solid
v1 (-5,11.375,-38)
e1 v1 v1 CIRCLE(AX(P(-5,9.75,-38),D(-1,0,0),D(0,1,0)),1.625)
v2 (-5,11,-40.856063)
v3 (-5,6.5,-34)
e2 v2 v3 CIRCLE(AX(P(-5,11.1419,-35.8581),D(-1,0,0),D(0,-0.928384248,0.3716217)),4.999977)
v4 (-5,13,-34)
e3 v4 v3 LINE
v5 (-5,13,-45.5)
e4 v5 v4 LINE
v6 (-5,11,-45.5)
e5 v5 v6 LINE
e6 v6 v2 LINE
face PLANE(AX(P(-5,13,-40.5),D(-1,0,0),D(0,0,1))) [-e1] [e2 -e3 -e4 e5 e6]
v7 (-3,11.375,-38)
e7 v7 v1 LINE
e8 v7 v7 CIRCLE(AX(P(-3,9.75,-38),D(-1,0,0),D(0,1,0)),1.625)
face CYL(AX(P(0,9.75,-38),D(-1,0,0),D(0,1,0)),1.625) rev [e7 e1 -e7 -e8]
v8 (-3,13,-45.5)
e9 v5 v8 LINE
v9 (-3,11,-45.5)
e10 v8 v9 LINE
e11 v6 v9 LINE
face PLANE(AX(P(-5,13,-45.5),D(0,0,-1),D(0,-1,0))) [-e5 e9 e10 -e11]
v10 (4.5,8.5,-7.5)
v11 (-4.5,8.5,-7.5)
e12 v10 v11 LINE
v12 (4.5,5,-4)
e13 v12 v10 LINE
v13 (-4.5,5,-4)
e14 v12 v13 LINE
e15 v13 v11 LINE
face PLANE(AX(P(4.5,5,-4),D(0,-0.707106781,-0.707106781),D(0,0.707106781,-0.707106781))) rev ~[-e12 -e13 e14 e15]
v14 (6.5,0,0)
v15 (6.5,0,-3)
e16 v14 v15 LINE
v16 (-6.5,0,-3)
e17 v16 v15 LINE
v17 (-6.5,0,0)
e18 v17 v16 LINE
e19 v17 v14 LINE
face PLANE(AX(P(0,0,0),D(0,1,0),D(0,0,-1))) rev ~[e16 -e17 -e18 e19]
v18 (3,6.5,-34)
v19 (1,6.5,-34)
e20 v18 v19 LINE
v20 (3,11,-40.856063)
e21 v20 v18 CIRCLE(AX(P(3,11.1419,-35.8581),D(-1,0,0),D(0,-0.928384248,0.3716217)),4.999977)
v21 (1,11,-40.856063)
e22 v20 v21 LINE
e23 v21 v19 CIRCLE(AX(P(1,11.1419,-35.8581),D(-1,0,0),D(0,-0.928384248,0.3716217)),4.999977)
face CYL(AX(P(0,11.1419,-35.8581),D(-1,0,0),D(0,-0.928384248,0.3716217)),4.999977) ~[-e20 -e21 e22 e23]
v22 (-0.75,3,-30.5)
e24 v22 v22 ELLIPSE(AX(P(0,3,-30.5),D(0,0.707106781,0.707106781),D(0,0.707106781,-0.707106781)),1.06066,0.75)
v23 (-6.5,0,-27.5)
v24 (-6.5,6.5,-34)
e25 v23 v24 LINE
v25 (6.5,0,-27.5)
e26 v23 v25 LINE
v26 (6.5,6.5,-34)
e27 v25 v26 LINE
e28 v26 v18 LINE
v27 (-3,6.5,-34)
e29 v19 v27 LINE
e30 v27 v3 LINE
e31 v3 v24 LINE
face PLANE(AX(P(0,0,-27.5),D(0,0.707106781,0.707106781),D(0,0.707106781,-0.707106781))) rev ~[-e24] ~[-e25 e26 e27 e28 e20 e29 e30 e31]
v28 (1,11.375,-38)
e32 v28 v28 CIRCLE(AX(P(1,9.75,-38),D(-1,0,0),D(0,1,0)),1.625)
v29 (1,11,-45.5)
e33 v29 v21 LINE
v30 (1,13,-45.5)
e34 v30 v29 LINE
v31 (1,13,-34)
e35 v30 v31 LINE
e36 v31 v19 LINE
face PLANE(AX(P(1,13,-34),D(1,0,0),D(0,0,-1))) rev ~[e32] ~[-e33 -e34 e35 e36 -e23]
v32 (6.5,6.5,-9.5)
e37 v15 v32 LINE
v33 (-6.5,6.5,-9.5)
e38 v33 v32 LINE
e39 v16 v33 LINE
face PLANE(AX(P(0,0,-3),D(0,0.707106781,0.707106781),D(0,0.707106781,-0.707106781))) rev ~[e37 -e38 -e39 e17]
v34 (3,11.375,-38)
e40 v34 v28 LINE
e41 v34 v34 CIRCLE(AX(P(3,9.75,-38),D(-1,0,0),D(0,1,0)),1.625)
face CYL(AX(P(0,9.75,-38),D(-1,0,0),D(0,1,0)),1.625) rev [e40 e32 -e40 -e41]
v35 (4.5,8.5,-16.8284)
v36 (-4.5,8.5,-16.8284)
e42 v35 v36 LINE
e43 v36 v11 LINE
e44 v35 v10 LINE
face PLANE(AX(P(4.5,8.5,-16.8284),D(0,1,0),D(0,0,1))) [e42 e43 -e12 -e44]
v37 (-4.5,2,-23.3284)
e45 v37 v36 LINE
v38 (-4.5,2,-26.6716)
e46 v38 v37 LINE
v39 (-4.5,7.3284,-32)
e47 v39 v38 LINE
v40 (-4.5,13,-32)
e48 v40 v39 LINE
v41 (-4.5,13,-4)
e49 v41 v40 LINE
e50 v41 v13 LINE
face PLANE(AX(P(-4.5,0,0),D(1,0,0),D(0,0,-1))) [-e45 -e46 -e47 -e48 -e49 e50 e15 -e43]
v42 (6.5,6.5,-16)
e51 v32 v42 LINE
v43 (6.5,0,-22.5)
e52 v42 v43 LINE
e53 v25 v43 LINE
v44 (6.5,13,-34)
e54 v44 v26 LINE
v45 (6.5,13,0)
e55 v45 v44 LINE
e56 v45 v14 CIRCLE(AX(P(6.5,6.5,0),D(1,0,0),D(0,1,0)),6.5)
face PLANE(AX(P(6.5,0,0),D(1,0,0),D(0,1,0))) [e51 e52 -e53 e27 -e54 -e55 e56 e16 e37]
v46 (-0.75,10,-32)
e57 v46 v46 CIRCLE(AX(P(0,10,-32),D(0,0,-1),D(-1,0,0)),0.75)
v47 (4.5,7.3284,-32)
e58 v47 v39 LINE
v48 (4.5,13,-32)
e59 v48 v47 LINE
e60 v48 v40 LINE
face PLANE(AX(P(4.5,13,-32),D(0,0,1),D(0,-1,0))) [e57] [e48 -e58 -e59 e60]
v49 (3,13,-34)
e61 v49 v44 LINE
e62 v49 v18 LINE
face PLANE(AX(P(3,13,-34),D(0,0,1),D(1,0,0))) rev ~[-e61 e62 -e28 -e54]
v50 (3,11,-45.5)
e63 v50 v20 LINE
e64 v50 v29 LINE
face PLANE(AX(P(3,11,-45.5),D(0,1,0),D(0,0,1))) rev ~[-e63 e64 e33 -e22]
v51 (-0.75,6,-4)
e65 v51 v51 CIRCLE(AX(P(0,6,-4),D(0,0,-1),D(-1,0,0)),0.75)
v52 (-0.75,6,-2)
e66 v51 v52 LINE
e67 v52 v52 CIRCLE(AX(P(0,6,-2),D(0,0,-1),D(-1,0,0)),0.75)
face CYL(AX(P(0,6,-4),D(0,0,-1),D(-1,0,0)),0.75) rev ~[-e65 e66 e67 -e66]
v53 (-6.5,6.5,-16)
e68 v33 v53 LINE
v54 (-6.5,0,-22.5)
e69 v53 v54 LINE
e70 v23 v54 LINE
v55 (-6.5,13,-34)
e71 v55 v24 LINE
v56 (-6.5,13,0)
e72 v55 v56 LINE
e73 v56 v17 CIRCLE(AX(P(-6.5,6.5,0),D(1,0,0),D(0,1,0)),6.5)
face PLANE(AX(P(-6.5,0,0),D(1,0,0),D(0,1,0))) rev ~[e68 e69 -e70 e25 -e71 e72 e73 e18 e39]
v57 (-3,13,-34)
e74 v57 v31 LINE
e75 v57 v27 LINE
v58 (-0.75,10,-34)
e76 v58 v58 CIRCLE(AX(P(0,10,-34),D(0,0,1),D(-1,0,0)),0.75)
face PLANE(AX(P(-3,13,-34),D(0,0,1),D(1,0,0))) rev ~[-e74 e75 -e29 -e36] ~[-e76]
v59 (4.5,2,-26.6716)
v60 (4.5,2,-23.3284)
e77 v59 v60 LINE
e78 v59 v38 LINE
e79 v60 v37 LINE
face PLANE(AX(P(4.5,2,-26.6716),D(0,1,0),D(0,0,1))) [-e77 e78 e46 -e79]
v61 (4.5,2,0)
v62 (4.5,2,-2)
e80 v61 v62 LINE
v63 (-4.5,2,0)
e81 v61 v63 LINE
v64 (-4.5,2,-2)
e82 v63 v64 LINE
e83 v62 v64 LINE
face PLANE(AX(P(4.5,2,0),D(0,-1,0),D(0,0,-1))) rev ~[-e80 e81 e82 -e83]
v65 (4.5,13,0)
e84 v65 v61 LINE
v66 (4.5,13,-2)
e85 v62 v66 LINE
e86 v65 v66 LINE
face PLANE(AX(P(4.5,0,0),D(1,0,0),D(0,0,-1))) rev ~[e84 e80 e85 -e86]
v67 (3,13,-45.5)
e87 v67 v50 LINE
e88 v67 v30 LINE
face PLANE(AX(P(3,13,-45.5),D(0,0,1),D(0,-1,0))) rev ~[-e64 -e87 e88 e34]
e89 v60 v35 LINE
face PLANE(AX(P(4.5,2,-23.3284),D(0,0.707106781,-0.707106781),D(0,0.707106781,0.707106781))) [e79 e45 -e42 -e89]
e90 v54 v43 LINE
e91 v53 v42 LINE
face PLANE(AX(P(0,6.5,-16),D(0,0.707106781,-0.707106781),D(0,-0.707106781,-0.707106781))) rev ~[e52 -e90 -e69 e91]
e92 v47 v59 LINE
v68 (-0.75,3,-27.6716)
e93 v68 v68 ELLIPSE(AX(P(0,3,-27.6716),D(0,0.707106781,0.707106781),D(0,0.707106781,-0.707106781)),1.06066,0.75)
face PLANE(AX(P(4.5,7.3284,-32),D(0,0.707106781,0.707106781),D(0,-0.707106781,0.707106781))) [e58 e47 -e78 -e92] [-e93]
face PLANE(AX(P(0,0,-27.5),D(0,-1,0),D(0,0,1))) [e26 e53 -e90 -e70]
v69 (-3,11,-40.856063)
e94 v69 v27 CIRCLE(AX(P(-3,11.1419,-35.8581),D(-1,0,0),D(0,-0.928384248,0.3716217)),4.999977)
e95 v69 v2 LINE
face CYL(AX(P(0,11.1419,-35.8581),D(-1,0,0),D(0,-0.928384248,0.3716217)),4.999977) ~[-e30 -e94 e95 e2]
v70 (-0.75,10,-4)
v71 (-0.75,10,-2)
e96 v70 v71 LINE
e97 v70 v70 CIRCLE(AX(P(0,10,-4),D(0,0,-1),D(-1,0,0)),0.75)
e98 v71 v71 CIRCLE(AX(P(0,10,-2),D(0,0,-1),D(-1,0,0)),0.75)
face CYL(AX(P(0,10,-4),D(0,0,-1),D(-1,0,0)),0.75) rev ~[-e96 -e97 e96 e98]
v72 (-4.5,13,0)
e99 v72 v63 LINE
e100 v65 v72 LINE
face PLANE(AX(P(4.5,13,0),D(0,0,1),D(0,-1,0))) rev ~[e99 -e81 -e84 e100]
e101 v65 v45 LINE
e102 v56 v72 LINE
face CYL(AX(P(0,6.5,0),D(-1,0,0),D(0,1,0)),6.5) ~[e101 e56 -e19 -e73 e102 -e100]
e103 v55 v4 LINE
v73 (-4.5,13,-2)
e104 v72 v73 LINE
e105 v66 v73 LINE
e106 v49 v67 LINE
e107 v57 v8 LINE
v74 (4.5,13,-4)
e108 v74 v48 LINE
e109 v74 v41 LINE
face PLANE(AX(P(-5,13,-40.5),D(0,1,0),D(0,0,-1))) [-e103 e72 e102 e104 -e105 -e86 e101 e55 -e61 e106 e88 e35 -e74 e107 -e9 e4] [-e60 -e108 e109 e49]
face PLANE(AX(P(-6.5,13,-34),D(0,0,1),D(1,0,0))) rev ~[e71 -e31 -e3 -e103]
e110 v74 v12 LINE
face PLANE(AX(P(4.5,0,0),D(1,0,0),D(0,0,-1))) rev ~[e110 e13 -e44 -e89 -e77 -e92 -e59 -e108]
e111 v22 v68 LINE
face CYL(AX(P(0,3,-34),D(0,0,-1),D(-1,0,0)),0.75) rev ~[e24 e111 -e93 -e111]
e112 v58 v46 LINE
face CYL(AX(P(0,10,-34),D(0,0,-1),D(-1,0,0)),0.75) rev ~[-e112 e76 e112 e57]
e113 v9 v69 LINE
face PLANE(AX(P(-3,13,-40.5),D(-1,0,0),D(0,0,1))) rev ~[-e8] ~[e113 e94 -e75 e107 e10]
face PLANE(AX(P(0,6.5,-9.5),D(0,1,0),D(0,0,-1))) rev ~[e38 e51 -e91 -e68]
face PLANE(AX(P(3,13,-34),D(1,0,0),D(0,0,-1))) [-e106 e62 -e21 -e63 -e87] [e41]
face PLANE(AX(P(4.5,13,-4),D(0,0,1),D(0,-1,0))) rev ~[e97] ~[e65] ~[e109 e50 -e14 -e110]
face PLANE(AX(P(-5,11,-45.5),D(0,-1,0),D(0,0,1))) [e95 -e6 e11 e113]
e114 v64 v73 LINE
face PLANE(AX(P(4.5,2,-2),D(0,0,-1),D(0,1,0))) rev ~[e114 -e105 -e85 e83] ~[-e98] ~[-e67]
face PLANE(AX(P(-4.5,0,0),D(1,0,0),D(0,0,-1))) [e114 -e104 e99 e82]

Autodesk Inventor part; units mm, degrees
ref_plane "YZ Plane" through (0, 0, 0) normal (1, 0, 0) x (0, 1, 0)
ref_plane "XZ Plane" through (0, 0, 0) normal (0, 1, 0) x (-1, 0, 0)
sketch "Sketch2" plane through (0, 0, 0) normal (1, 0, 0) x (0, 1, 0)
  line L0 (0, 0) -> (0, -3)
  line L1 (13, 0) -> (13, -16)
  arc A0 (13, 0) -> (0, 0) centre (6.5, 0) ccw
  line L2 (-3.1385, 0) -> (18.8309, 0) projected
  line L3 (0, -52.4723) -> (0, 16.3287) projected
  line L4 (0, -3) -> (6.5, -9.5)
  line L5 (0, -3) -> (9.1924, -3) construction
  line L6 (6.5, -9.5) -> (6.5, -16)
  line L7 (6.5, -16) -> (0, -22.5)
  line L8 (6.5, -16) -> (15.6924, -16) construction
  line L9 (0, -22.5) -> (0, -27.5)
  line L10 (0, -27.5) -> (6.5, -34)
  line L11 (0, -27.5) -> (9.1924, -27.5) construction
  line L12 (13, -16) -> (13, -34)
  line L13 (13, -34) -> (13, -40.5)
  arc A1 (6.5, -34) -> (13, -40.5) centre (11.1419, -35.8581) ccw
  circle A2 centre (9.75, -38) radius 1.625
  dimension "d4" = 13
  dimension "d9" = 45
  dimension "d10" = 6.5
  dimension "d11" = 3
  dimension "d12" = 6.5
  dimension "d13" = 135
  dimension "d14" = 6.5
  dimension "d15" = 5
  dimension "d16" = 45
  dimension "d17" = 6.5
  dimension "d18" = 18
  dimension "d19" = 6.5
  dimension "d20" = 5
  dimension "d21" = 3.25
  dimension "d22" = 3.25
  dimension "d23" = 2.5
  dimension "d96" = 16
extrude "Extrusion1" add sketch "Sketch2" along normal mid plane 13 contours L2 L1 L12 L13 A1 L10 L3 L7 L6 L4 L0 | A0 L2
sketch "Sketch3" plane through (-6.5, 13, 0) normal (0, 1, 0) x (1, 0, 0)
  line L0 (0, 34) -> (13, 34) projected
  line L1 (0, 41) -> (1.5, 41)
  line L2 (1.5, 41) -> (1.5, 34)
  line L3 (1.5, 34) -> (0, 34)
  line L4 (0, 34) -> (0, 41)
  line L5 (0, 0) -> (0, 40.5) projected
  line L6 (3.5, 41) -> (7.5, 41)
  line L7 (7.5, 41) -> (7.5, 34)
  line L8 (7.5, 34) -> (3.5, 34)
  line L9 (3.5, 34) -> (3.5, 41)
  line L10 (9.5, 41) -> (13, 41)
  line L11 (13, 41) -> (13, 34)
  line L12 (13, 34) -> (9.5, 34)
  line L13 (9.5, 34) -> (9.5, 41)
  line L14 (13, 40.5) -> (13, 0) projected
  point P0 (6.5, 0)
  dimension "d47" = 1.5
  dimension "d48" = 7
  dimension "d49" = 4
  dimension "d50" = 7
  dimension "d51" = 2
  dimension "d52" = 7
  dimension "d53" = 2
extrude "Extrusion2" cut sketch "Sketch3" against normal blind 13
ref_plane "Work Plane1" through (4.5, 0, 0) normal (1, 0, 0) x (0, 0, -1)
sketch "Sketch4" plane through (4.5, 0, 0) normal (1, 0, 0) x (0, 0, -1)
  arc A0 (0, 13) -> (0, 0) centre (0, 6.5) ccw projected
  line L0 (0, 13) -> (34, 13) projected
  line L1 (34, 13) -> (34, 6.5) projected
  line L2 (34, 6.5) -> (27.5, 0) projected
  line L3 (27.5, 0) -> (22.5, 0) projected
  line L4 (22.5, 0) -> (16, 6.5) projected
  line L5 (34, 13) -> (34, 6.5) projected
  line L6 (34, 6.5) -> (27.5, 0) projected
  line L7 (27.5, 0) -> (22.5, 0) projected
  line L8 (22.5, 0) -> (16, 6.5) projected
  line L9 (16, 6.5) -> (9.5, 6.5) projected
  line L10 (9.5, 6.5) -> (3, 0) projected
  line L11 (3, 0) -> (0, 0) projected
  arc A1 (0, 13) -> (0, 0) centre (0, 6.5) ccw projected
  line L12 (0, 13) -> (34, 13) projected
  line L13 (0, 13) -> (0, 2)
  line L14 (0, 2) -> (2, 2)
  line L15 (4, 5) -> (7.5, 8.5)
  line L16 (2.1716, 2) -> (11.364, 2) construction
  line L17 (32, 13) -> (32, 7.3284)
  line L18 (32, 7.3284) -> (26.6716, 2)
  line L19 (32, 7.3284) -> (39.5355, 7.3284) construction
  line L20 (26.6716, 2) -> (23.3284, 2)
  line L21 (23.3284, 2) -> (16.8284, 8.5)
  line L22 (23.3284, 2) -> (32.5208, 2) construction
  line L23 (16.8284, 8.5) -> (7.5, 8.5)
  line L24 (2, 2) -> (2, 13)
  line L25 (0, 13) -> (2, 13)
  line L26 (2.1716, 13) -> (32, 13)
  line L27 (4, 13) -> (4, 5)
  dimension "d57" = 11
  dimension "d59" = 45
  dimension "d60" = 2
  dimension "d62" = 2
  dimension "d63" = 2
  dimension "d64" = 135
  dimension "d65" = 2
  dimension "d66" = 2
  dimension "d67" = 135
  dimension "d94" = 2
  dimension "d97" = 2
  dimension "d98" = 2
  dimension "d99" = 2
extrude "Extrusion3" cut sketch "Sketch4" against normal blind 9 contours L0 L24 L14 L13 | L0 L17 L18 L20 L21 L23 L15 L27
sketch "Sketch6" plane through (1, 13, -34) normal (0, 0, -1) x (-1, 0, 0)
  line L0 (1, -15.6) -> (1, 2.6) projected
  line L1 (10.1, -13) -> (-8.1, -13) projected
  circle A0 centre (1, -3) radius 0.75
  line L2 (0, 0) -> (4, 0) projected
  circle A1 centre (1, -10) radius 0.75
  point P0 (1, -13)
  dimension "d80" = 1.5
  dimension "d81" = 3
  dimension "d82" = 1.5
  dimension "d83" = 3
extrude "Extrusion5" cut sketch "Sketch6" against normal blind 9
sketch "Sketch7" plane through (3, 13, -34) normal (1, 0, 0) x (0, 0, -1)
  line L0 (6.5, 0) -> (0, 0) projected
  line L1 (6.5, 0) -> (11.5, 0)
  line L2 (11.5, 0) -> (11.5, -2)
  line L3 (11.5, -2) -> (6.5, -2)
  line L4 (6.5, -2) -> (6.5, 0)
  point P0 (-34, -13)
  dimension "d86" = 5
  dimension "d87" = 2
extrude "Extrusion6" add sketch "Sketch7" against normal blind 2
sketch "Sketch8" plane through (-5, 13, -40.5) normal (-1, 0, 0) x (0, 0, 1)
  line L0 (0, 0) -> (6.5, 0) projected
  line L1 (-5, -2) -> (0, -2)
  line L2 (0, -2) -> (0, 0)
  line L3 (0, 0) -> (-5, 0)
  line L4 (-5, 0) -> (-5, -2)
  point P0 (40.5, -13)
  dimension "d90" = 5
  dimension "d91" = 2
extrude "Extrusion7" add sketch "Sketch8" against normal blind 2
sketch "Sketch9" plane through (4.5, 5, -4) normal (0, 0, -1) x (-1, 0, 0)
  line L0 (0, -3) -> (0, 8) projected
  line L1 (9, 8) -> (0, 8) projected
  line L2 (9, 8) -> (9, -3) projected
  line L3 (0, -3) -> (9, -3) projected
  circle A0 centre (4.5, 5) radius 0.75
  circle A1 centre (4.5, 1) radius 0.75
  point P0 (4.5, -5)
  dimension "d100" = 1.5
  dimension "d101" = 3
  dimension "d102" = 4.5
  dimension "d103" = 1.5
  dimension "d105" = 4
  dimension "d106" = 4.5
extrude "Extrusion8" cut sketch "Sketch9" against normal blind 2 contours A0 | A1
properties part number "pinkie"
